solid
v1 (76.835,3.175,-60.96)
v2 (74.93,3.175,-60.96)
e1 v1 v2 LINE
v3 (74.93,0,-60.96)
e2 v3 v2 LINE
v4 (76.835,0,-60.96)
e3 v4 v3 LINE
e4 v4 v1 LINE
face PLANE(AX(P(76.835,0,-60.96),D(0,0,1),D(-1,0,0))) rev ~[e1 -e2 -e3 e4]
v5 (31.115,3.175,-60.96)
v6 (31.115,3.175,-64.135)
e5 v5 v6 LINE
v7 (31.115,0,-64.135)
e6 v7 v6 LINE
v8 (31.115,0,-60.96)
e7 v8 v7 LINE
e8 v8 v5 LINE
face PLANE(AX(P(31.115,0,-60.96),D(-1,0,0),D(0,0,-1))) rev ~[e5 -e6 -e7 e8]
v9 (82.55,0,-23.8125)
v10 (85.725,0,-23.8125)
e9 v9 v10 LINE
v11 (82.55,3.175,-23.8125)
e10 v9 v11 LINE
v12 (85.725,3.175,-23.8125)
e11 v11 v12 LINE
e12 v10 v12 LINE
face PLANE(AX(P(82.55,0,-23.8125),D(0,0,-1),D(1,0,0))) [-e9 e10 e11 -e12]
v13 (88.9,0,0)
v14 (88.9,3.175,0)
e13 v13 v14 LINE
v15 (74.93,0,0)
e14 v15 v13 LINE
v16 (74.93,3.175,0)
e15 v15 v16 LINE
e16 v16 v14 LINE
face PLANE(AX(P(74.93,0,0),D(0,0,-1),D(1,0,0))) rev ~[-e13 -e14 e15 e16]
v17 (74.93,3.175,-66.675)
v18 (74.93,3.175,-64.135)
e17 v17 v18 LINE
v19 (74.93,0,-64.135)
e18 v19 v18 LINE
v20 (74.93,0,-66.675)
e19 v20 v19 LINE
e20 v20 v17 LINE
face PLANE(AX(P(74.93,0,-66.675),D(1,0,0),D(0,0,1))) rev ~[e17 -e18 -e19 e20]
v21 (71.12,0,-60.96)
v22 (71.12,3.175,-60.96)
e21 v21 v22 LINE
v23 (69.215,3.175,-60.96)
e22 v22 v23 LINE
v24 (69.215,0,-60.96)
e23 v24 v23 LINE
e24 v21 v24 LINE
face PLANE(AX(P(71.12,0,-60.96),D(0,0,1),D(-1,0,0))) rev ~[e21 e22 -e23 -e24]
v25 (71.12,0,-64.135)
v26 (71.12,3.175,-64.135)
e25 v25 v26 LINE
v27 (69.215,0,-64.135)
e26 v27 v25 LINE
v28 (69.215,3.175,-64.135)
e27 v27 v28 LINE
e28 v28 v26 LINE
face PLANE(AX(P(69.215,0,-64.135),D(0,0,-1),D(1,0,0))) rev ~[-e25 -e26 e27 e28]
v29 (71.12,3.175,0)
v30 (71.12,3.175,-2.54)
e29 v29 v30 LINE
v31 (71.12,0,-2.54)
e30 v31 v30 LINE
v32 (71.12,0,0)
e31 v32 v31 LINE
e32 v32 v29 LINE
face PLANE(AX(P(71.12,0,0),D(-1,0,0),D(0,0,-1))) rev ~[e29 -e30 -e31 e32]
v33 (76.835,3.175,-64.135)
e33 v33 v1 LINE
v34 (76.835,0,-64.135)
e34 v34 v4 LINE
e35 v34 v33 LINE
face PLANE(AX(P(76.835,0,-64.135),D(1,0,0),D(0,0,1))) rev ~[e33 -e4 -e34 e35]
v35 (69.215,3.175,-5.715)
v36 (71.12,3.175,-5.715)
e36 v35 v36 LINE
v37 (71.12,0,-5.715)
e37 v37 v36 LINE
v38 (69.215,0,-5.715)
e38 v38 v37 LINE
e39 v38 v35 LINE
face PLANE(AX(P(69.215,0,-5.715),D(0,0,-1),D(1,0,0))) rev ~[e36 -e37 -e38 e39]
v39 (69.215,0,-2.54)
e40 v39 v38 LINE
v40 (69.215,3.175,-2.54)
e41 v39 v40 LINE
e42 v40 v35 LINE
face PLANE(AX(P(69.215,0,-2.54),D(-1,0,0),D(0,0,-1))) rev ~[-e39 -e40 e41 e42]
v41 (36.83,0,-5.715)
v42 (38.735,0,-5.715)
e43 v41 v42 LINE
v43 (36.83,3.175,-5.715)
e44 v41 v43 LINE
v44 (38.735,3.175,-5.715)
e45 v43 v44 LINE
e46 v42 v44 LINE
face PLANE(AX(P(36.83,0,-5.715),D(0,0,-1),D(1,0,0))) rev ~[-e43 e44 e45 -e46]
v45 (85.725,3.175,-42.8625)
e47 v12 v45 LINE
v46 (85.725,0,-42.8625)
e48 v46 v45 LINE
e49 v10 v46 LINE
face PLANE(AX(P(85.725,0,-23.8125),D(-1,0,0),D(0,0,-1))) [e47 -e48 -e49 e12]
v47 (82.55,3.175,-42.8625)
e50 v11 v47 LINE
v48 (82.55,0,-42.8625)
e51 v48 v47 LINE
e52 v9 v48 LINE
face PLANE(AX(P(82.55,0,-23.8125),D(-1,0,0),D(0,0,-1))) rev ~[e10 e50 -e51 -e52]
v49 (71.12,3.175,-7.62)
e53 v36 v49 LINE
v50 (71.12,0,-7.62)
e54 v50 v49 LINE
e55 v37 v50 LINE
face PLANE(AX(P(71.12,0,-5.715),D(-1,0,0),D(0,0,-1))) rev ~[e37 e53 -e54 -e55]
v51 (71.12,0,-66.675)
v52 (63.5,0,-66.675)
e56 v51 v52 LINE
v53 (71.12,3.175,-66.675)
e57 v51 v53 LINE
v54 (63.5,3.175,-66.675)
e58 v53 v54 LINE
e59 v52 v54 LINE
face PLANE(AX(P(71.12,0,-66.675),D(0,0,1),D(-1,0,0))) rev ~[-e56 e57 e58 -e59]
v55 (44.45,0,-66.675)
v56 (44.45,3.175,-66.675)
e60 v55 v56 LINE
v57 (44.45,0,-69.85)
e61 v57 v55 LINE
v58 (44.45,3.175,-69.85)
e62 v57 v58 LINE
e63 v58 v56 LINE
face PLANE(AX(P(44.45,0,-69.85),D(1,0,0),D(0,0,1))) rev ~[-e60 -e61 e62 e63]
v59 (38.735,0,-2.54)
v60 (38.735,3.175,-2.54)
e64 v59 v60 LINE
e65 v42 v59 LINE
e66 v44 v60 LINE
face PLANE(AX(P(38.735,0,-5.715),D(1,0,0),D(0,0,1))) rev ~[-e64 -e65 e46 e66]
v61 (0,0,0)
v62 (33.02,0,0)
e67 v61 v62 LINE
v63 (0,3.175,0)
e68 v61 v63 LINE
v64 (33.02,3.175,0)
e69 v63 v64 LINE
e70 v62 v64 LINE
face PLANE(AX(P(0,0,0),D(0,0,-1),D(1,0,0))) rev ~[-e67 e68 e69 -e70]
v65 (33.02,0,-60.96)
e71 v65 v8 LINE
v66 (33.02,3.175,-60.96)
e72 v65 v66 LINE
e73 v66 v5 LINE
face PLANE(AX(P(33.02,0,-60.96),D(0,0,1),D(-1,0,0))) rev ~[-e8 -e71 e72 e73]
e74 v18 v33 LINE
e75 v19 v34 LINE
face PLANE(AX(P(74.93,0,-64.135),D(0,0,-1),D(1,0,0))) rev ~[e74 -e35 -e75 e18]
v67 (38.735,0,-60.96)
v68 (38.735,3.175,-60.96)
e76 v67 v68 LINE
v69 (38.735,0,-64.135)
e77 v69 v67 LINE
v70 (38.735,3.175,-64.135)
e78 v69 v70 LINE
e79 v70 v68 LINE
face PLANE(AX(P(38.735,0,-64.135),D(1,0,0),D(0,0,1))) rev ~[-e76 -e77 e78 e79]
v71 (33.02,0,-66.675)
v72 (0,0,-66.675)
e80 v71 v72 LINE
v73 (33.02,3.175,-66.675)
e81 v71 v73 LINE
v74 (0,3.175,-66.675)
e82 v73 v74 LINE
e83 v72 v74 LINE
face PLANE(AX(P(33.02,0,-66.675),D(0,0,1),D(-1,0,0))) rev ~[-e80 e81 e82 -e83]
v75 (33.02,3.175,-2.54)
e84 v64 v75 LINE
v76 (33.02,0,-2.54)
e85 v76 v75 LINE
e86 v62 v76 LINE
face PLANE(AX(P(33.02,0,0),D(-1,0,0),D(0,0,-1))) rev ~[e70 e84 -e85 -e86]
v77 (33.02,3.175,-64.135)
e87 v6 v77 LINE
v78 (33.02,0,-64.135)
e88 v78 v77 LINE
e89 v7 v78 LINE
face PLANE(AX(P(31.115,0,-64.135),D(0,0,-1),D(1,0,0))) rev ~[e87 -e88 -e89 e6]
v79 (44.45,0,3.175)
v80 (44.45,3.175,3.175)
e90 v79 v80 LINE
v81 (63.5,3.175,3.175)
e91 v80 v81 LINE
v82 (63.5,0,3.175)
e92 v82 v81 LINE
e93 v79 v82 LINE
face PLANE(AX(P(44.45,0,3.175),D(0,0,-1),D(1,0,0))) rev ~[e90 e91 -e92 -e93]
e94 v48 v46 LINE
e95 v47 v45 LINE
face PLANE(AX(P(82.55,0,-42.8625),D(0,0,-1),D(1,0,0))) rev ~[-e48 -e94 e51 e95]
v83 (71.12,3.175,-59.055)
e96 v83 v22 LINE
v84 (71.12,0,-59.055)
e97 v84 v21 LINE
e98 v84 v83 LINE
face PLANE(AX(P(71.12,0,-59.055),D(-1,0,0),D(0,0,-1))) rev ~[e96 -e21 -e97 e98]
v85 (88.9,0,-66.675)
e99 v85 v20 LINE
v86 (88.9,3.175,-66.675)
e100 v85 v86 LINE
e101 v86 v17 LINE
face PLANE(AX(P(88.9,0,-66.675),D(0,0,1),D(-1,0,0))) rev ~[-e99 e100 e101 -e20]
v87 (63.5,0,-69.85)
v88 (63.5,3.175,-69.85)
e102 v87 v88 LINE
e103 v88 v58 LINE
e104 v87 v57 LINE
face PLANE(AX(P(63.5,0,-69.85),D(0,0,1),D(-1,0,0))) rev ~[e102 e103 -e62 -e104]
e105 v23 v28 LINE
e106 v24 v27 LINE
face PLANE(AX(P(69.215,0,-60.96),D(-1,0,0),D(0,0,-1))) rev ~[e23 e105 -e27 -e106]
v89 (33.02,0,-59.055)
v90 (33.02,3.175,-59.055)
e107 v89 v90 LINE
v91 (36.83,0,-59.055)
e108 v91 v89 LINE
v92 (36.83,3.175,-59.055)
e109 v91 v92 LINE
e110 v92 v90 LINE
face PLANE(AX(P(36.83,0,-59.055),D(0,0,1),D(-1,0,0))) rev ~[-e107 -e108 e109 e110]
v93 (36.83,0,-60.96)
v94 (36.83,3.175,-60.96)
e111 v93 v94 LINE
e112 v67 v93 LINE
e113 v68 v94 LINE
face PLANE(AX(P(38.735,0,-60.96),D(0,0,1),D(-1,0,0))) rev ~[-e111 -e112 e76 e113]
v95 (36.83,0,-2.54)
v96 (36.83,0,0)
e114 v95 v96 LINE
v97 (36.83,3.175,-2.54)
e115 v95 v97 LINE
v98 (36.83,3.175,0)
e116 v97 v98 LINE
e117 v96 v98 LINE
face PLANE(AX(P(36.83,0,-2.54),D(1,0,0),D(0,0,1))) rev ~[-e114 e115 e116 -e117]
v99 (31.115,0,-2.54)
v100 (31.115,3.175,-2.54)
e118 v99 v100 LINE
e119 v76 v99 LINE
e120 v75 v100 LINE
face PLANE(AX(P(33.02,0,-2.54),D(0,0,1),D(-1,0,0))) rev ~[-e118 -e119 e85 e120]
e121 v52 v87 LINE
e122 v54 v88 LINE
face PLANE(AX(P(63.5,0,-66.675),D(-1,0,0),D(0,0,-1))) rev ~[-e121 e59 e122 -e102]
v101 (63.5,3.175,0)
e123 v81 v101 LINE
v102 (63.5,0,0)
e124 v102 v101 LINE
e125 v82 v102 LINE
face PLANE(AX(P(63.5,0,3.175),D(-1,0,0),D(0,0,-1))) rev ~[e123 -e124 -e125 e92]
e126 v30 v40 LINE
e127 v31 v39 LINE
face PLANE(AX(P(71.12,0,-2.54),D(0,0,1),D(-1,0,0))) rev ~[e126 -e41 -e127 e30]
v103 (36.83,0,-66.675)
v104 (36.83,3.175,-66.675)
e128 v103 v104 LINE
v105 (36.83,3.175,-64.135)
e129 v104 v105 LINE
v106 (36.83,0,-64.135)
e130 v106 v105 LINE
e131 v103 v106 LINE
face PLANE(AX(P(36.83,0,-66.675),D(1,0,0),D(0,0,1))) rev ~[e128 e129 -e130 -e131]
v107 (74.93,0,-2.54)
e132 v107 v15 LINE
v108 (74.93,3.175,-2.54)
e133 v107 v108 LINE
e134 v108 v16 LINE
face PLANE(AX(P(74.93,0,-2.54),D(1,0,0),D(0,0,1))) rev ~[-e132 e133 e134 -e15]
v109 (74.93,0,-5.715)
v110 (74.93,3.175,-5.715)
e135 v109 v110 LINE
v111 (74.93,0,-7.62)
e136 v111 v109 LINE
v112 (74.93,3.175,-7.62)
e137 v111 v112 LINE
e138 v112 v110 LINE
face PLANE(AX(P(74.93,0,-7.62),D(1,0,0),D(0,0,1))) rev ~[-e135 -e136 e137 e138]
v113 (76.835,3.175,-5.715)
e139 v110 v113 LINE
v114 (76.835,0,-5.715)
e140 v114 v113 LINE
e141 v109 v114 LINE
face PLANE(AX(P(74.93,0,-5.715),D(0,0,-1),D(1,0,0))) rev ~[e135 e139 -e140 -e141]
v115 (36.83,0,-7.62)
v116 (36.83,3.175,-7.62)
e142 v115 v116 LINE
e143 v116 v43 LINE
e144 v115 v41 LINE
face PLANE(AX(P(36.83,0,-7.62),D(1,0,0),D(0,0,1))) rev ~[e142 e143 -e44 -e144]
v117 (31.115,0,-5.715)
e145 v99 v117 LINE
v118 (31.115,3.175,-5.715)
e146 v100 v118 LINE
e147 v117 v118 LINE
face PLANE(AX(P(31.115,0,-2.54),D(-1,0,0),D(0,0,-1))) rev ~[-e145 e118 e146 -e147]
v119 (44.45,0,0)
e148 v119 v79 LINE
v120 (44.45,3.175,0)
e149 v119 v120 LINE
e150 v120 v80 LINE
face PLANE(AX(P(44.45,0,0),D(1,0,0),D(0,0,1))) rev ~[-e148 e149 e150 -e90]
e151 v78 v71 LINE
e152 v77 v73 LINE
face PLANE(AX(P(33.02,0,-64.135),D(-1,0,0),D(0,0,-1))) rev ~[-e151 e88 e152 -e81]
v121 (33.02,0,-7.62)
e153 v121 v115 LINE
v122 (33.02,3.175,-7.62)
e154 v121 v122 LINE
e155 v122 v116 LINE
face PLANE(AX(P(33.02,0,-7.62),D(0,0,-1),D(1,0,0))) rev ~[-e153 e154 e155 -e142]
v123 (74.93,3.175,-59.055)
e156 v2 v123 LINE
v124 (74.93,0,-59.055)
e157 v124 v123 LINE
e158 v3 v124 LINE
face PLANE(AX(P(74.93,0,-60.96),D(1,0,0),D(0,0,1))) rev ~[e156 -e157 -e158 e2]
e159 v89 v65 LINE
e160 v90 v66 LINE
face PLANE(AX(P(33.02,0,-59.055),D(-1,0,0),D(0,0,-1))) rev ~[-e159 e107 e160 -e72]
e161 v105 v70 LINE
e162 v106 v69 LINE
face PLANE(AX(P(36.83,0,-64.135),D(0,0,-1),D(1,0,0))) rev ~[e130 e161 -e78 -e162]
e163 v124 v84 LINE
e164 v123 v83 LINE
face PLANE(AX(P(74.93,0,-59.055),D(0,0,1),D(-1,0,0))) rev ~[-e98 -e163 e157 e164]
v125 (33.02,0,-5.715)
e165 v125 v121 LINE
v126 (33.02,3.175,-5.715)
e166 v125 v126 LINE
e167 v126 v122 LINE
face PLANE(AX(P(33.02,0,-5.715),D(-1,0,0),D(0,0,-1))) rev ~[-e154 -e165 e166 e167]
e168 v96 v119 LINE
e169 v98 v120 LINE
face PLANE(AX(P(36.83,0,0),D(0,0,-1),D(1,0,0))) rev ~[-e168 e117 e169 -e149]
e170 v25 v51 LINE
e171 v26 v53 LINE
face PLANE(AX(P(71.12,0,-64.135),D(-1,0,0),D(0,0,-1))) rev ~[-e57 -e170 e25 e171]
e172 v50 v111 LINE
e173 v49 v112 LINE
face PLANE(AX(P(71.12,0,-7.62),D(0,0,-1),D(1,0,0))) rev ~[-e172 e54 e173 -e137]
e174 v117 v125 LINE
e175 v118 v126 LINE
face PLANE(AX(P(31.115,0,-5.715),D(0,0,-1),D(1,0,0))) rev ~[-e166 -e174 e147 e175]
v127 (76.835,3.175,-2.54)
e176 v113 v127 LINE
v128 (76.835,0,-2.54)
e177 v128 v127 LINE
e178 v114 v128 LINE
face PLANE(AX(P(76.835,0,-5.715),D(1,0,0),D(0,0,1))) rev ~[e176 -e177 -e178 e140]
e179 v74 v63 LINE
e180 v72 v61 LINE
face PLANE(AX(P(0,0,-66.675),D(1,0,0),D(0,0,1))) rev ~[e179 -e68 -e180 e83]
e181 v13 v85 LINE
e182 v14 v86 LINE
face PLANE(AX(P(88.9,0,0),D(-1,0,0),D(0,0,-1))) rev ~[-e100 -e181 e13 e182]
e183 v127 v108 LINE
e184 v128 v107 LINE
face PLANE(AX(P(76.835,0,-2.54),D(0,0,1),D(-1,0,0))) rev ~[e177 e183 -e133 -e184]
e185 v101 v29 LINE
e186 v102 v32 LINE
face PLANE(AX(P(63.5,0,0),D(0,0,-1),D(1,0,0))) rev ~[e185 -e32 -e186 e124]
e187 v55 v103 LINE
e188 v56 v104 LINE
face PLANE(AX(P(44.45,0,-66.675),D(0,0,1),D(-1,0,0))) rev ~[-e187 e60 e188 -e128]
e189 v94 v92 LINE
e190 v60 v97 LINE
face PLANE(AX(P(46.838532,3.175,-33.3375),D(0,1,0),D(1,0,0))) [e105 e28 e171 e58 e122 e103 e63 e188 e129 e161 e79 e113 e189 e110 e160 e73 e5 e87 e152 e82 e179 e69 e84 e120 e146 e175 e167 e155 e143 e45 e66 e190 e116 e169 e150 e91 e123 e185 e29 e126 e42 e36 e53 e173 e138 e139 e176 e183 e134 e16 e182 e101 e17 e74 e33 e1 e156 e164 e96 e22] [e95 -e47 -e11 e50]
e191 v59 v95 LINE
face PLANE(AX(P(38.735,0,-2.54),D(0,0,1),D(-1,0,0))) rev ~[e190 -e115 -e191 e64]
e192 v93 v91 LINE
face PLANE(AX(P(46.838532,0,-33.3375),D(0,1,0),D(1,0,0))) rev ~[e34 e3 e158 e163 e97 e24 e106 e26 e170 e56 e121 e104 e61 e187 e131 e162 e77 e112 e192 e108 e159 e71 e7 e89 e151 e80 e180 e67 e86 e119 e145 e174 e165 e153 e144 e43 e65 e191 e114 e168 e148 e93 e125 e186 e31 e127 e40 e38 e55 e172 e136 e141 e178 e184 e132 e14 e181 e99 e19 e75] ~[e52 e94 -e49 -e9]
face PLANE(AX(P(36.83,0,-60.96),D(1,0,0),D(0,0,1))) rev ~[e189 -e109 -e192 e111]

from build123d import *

# Parameters (mm, degrees)
SKETCH1_W           = 3.175
SKETCH1_H           = 19.05
BOSS_EXTRUDE3_DEPTH = 3.175


with BuildPart() as part:
    # Sketch1 → Boss-Extrude3 (new body)
    with BuildSketch(Plane(origin=(0, 0, 0), x_dir=(1, 0, 0), z_dir=(0, 1, 0))):
        Polygon((0, 66.675), (0, 0), (33.02, 0), (33.02, 2.54), (31.115, 2.54), (31.115, 5.715), (33.02, 5.715), (33.02, 7.62), (36.83, 7.62), (36.83, 5.715), (38.735, 5.715), (38.735, 2.54), (36.83, 2.54), (36.83, 0), (44.45, 0), (44.45, -3.175), (63.5, -3.175), (63.5, 0), (71.12, 0), (71.12, 2.54), (69.215, 2.54), (69.215, 5.715), (71.12, 5.715), (71.12, 7.62), (74.93, 7.62), (74.93, 5.715), (76.835, 5.715), (76.835, 2.54), (74.93, 2.54), (74.93, 0), (88.9, 0), (88.9, 66.675), (74.93, 66.675), (74.93, 64.135), (76.835, 64.135), (76.835, 60.96), (74.93, 60.96), (74.93, 59.055), (71.12, 59.055), (71.12, 60.96), (69.215, 60.96), (69.215, 64.135), (71.12, 64.135), (71.12, 66.675), (63.5, 66.675), (63.5, 69.85), (44.45, 69.85), (44.45, 66.675), (36.83, 66.675), (36.83, 64.135), (38.735, 64.135), (38.735, 60.96), (36.83, 60.96), (36.83, 59.055), (33.02, 59.055), (33.02, 60.96), (31.115, 60.96), (31.115, 64.135), (33.02, 64.135), (33.02, 66.675), align=None)
        with Locations((84.1375, 33.3375)):
            Rectangle(SKETCH1_W, SKETCH1_H, mode=Mode.SUBTRACT)
    extrude(amount=BOSS_EXTRUDE3_DEPTH)


solid = part.part
